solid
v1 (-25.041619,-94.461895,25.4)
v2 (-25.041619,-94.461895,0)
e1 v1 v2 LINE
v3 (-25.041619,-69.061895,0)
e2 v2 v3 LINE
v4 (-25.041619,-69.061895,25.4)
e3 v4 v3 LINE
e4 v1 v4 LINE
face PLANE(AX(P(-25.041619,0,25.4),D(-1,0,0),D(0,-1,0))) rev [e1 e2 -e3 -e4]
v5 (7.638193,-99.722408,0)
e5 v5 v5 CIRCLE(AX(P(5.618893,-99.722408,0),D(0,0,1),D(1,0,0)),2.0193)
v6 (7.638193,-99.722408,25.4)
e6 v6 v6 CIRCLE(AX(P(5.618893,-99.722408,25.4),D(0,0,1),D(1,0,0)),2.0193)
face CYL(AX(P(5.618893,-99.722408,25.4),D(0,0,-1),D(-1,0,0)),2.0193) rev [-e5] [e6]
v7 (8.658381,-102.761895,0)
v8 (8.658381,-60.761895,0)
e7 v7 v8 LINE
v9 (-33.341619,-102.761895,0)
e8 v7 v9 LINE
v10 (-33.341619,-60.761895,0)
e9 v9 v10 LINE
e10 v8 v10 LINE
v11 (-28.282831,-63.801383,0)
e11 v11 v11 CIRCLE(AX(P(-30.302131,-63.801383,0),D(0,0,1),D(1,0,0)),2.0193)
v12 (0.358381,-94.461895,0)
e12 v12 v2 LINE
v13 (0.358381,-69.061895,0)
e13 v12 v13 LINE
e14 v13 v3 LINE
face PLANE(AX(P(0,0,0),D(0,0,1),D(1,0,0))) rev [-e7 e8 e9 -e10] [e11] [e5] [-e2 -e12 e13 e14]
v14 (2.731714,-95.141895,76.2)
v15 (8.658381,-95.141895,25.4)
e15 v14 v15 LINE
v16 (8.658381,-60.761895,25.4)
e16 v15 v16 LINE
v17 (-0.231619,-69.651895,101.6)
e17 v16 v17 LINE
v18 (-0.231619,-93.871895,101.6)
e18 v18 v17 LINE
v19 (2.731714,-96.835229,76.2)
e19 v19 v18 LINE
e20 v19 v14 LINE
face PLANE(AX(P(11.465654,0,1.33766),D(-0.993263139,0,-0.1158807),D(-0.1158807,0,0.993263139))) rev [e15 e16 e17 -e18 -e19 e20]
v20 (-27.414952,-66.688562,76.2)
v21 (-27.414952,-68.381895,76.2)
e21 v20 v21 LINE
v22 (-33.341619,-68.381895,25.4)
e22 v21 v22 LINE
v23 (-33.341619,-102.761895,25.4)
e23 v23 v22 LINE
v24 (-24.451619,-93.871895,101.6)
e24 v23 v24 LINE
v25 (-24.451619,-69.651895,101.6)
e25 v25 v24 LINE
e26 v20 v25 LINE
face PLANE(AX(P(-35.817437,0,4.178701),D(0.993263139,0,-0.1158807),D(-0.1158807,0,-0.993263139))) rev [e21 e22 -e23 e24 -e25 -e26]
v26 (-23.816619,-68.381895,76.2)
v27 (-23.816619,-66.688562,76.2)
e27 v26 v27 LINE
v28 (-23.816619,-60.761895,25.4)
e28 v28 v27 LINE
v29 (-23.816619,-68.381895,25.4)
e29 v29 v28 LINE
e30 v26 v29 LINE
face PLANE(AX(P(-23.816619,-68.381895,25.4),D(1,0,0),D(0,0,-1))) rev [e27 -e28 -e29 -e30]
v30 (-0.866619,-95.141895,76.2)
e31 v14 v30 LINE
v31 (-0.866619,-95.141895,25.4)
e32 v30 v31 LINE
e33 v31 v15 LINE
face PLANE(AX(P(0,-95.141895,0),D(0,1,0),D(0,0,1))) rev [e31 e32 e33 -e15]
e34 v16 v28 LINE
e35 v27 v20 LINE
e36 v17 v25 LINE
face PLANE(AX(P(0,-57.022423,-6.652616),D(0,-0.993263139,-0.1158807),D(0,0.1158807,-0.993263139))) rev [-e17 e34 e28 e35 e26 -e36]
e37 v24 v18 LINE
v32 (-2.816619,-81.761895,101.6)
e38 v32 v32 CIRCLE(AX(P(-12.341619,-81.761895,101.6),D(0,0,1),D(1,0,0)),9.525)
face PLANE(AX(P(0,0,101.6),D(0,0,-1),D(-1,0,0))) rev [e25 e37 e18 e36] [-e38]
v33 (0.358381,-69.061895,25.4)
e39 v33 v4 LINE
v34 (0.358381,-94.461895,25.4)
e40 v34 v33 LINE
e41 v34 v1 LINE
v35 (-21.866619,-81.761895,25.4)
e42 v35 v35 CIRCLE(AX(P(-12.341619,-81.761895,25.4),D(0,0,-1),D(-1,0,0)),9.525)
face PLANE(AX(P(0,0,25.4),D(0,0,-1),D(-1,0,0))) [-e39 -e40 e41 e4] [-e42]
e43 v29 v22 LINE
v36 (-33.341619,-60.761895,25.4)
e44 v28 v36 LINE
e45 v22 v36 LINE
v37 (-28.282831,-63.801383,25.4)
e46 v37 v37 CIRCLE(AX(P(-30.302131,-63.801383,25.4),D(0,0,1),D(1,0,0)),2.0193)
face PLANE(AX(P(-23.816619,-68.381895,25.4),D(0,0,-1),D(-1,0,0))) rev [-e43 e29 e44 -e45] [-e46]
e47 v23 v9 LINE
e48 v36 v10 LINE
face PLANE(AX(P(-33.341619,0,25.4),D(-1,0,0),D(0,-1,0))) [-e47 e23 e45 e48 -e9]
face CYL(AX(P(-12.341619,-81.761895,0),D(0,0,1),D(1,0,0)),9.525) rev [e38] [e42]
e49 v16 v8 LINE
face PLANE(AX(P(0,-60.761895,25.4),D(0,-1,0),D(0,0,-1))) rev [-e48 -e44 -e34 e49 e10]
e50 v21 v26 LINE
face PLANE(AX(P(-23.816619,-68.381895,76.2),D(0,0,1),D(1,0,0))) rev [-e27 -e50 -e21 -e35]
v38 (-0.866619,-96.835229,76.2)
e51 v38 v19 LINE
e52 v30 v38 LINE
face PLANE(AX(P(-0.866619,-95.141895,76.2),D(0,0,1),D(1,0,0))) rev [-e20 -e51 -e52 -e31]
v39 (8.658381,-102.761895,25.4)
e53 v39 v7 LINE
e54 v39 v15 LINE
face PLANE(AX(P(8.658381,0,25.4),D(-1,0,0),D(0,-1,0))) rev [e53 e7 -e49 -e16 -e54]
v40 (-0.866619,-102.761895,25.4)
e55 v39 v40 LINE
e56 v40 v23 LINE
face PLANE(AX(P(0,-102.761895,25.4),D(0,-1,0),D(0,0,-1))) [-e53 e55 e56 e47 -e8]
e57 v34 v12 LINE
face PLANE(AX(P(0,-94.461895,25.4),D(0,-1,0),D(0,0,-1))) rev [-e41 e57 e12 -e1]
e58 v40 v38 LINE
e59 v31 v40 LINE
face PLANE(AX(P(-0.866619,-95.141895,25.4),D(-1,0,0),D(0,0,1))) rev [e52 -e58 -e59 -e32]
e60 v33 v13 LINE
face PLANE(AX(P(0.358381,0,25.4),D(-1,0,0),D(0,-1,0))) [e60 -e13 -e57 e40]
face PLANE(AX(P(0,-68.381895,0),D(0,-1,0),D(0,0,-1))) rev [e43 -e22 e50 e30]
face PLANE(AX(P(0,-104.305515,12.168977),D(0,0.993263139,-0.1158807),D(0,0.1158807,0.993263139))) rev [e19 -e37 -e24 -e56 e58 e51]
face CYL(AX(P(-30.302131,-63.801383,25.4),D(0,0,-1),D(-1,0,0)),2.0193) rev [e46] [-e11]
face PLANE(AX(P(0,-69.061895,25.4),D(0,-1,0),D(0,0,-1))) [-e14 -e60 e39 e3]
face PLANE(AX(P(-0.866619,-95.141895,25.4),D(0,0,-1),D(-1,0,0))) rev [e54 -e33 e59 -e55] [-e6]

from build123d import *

# Parameters (mm, degrees)
SKETCH1_W           = 42
SKETCH1_H           = 42
SKETCH1_R           = 2.0193
SKETCH1_W_2         = 25.4
SKETCH1_H_2         = 25.4
BOSS_EXTRUDE2_DEPTH = 25.4
SKETCH17_R          = 9.525
CUT_EXTRUDE11_DEPTH = 149.304520227
SKETCH18_W          = 19.05
SKETCH18_H          = 50.8
CUT_EXTRUDE16_DEPTH = 7.62
SKETCH19_W          = 19.05
SKETCH19_H          = 50.8
CUT_EXTRUDE17_DEPTH = 7.62


with BuildPart() as part:
    # Sketch1 → Boss-Extrude2 (new body)
    with BuildSketch(Plane.XY):
        with Locations((-12.341618953, -81.761895361)):
            Rectangle(SKETCH1_W, SKETCH1_H)
        with Locations((-30.302131195, -63.801383119)):
            Circle(SKETCH1_R, mode=Mode.SUBTRACT)
        with Locations((5.618893289, -99.722407603)):
            Circle(SKETCH1_R, mode=Mode.SUBTRACT)
        with Locations((-12.341618953, -81.761895361)):
            Rectangle(SKETCH1_W_2, SKETCH1_H_2, mode=Mode.SUBTRACT)
    extrude(amount=BOSS_EXTRUDE2_DEPTH)

    # Sketch16 → Loft3 section 0
    with BuildSketch(Plane.XY.offset(25.4)):
        with BuildLine():
            Line((-33.341618953, -102.761895361), (-33.341618953, -60.761895361))
            Line((-33.341618953, -60.761895361), (8.658381047, -60.761895361))
            Line((8.658381047, -60.761895361), (8.658381047, -102.761895361))
            Line((8.658381047, -102.761895361), (-33.341618953, -102.761895361))
        make_face()
    # Sketch14 → Loft3 section 1
    with BuildSketch(Plane.XY.offset(101.6)):
        with BuildLine():
            Line((-0.231618953, -93.871895361), (-0.231618953, -69.651895361))
            Line((-0.231618953, -69.651895361), (-24.451618953, -69.651895361))
            Line((-24.451618953, -69.651895361), (-24.451618953, -93.871895361))
            Line((-24.451618953, -93.871895361), (-0.231618953, -93.871895361))
        make_face()
    loft()

    # Sketch17 → Cut-Extrude11 (cut, through all)
    with BuildSketch(Plane.XY.offset(101.6)):
        with Locations((-12.341618953, -81.761895361)):
            Circle(SKETCH17_R)
    extrude(amount=-CUT_EXTRUDE11_DEPTH, mode=Mode.SUBTRACT)

    # Sketch18 → Cut-Extrude16 (cut)
    with BuildSketch(Plane(origin=(0, -60.761895361, 0), x_dir=(1, 0, 0), z_dir=(0, 1, 0))):
        with Locations((-33.341618953, -50.8)):
            Rectangle(SKETCH18_W, SKETCH18_H)
    extrude(amount=-CUT_EXTRUDE16_DEPTH, mode=Mode.SUBTRACT)

    # Sketch19 → Cut-Extrude17 (cut)
    with BuildSketch(Plane.XZ.offset(102.761895361)):
        with Locations((8.658381047, 50.8)):
            Rectangle(SKETCH19_W, SKETCH19_H)
    extrude(amount=-CUT_EXTRUDE17_DEPTH, mode=Mode.SUBTRACT)


solid = part.part
